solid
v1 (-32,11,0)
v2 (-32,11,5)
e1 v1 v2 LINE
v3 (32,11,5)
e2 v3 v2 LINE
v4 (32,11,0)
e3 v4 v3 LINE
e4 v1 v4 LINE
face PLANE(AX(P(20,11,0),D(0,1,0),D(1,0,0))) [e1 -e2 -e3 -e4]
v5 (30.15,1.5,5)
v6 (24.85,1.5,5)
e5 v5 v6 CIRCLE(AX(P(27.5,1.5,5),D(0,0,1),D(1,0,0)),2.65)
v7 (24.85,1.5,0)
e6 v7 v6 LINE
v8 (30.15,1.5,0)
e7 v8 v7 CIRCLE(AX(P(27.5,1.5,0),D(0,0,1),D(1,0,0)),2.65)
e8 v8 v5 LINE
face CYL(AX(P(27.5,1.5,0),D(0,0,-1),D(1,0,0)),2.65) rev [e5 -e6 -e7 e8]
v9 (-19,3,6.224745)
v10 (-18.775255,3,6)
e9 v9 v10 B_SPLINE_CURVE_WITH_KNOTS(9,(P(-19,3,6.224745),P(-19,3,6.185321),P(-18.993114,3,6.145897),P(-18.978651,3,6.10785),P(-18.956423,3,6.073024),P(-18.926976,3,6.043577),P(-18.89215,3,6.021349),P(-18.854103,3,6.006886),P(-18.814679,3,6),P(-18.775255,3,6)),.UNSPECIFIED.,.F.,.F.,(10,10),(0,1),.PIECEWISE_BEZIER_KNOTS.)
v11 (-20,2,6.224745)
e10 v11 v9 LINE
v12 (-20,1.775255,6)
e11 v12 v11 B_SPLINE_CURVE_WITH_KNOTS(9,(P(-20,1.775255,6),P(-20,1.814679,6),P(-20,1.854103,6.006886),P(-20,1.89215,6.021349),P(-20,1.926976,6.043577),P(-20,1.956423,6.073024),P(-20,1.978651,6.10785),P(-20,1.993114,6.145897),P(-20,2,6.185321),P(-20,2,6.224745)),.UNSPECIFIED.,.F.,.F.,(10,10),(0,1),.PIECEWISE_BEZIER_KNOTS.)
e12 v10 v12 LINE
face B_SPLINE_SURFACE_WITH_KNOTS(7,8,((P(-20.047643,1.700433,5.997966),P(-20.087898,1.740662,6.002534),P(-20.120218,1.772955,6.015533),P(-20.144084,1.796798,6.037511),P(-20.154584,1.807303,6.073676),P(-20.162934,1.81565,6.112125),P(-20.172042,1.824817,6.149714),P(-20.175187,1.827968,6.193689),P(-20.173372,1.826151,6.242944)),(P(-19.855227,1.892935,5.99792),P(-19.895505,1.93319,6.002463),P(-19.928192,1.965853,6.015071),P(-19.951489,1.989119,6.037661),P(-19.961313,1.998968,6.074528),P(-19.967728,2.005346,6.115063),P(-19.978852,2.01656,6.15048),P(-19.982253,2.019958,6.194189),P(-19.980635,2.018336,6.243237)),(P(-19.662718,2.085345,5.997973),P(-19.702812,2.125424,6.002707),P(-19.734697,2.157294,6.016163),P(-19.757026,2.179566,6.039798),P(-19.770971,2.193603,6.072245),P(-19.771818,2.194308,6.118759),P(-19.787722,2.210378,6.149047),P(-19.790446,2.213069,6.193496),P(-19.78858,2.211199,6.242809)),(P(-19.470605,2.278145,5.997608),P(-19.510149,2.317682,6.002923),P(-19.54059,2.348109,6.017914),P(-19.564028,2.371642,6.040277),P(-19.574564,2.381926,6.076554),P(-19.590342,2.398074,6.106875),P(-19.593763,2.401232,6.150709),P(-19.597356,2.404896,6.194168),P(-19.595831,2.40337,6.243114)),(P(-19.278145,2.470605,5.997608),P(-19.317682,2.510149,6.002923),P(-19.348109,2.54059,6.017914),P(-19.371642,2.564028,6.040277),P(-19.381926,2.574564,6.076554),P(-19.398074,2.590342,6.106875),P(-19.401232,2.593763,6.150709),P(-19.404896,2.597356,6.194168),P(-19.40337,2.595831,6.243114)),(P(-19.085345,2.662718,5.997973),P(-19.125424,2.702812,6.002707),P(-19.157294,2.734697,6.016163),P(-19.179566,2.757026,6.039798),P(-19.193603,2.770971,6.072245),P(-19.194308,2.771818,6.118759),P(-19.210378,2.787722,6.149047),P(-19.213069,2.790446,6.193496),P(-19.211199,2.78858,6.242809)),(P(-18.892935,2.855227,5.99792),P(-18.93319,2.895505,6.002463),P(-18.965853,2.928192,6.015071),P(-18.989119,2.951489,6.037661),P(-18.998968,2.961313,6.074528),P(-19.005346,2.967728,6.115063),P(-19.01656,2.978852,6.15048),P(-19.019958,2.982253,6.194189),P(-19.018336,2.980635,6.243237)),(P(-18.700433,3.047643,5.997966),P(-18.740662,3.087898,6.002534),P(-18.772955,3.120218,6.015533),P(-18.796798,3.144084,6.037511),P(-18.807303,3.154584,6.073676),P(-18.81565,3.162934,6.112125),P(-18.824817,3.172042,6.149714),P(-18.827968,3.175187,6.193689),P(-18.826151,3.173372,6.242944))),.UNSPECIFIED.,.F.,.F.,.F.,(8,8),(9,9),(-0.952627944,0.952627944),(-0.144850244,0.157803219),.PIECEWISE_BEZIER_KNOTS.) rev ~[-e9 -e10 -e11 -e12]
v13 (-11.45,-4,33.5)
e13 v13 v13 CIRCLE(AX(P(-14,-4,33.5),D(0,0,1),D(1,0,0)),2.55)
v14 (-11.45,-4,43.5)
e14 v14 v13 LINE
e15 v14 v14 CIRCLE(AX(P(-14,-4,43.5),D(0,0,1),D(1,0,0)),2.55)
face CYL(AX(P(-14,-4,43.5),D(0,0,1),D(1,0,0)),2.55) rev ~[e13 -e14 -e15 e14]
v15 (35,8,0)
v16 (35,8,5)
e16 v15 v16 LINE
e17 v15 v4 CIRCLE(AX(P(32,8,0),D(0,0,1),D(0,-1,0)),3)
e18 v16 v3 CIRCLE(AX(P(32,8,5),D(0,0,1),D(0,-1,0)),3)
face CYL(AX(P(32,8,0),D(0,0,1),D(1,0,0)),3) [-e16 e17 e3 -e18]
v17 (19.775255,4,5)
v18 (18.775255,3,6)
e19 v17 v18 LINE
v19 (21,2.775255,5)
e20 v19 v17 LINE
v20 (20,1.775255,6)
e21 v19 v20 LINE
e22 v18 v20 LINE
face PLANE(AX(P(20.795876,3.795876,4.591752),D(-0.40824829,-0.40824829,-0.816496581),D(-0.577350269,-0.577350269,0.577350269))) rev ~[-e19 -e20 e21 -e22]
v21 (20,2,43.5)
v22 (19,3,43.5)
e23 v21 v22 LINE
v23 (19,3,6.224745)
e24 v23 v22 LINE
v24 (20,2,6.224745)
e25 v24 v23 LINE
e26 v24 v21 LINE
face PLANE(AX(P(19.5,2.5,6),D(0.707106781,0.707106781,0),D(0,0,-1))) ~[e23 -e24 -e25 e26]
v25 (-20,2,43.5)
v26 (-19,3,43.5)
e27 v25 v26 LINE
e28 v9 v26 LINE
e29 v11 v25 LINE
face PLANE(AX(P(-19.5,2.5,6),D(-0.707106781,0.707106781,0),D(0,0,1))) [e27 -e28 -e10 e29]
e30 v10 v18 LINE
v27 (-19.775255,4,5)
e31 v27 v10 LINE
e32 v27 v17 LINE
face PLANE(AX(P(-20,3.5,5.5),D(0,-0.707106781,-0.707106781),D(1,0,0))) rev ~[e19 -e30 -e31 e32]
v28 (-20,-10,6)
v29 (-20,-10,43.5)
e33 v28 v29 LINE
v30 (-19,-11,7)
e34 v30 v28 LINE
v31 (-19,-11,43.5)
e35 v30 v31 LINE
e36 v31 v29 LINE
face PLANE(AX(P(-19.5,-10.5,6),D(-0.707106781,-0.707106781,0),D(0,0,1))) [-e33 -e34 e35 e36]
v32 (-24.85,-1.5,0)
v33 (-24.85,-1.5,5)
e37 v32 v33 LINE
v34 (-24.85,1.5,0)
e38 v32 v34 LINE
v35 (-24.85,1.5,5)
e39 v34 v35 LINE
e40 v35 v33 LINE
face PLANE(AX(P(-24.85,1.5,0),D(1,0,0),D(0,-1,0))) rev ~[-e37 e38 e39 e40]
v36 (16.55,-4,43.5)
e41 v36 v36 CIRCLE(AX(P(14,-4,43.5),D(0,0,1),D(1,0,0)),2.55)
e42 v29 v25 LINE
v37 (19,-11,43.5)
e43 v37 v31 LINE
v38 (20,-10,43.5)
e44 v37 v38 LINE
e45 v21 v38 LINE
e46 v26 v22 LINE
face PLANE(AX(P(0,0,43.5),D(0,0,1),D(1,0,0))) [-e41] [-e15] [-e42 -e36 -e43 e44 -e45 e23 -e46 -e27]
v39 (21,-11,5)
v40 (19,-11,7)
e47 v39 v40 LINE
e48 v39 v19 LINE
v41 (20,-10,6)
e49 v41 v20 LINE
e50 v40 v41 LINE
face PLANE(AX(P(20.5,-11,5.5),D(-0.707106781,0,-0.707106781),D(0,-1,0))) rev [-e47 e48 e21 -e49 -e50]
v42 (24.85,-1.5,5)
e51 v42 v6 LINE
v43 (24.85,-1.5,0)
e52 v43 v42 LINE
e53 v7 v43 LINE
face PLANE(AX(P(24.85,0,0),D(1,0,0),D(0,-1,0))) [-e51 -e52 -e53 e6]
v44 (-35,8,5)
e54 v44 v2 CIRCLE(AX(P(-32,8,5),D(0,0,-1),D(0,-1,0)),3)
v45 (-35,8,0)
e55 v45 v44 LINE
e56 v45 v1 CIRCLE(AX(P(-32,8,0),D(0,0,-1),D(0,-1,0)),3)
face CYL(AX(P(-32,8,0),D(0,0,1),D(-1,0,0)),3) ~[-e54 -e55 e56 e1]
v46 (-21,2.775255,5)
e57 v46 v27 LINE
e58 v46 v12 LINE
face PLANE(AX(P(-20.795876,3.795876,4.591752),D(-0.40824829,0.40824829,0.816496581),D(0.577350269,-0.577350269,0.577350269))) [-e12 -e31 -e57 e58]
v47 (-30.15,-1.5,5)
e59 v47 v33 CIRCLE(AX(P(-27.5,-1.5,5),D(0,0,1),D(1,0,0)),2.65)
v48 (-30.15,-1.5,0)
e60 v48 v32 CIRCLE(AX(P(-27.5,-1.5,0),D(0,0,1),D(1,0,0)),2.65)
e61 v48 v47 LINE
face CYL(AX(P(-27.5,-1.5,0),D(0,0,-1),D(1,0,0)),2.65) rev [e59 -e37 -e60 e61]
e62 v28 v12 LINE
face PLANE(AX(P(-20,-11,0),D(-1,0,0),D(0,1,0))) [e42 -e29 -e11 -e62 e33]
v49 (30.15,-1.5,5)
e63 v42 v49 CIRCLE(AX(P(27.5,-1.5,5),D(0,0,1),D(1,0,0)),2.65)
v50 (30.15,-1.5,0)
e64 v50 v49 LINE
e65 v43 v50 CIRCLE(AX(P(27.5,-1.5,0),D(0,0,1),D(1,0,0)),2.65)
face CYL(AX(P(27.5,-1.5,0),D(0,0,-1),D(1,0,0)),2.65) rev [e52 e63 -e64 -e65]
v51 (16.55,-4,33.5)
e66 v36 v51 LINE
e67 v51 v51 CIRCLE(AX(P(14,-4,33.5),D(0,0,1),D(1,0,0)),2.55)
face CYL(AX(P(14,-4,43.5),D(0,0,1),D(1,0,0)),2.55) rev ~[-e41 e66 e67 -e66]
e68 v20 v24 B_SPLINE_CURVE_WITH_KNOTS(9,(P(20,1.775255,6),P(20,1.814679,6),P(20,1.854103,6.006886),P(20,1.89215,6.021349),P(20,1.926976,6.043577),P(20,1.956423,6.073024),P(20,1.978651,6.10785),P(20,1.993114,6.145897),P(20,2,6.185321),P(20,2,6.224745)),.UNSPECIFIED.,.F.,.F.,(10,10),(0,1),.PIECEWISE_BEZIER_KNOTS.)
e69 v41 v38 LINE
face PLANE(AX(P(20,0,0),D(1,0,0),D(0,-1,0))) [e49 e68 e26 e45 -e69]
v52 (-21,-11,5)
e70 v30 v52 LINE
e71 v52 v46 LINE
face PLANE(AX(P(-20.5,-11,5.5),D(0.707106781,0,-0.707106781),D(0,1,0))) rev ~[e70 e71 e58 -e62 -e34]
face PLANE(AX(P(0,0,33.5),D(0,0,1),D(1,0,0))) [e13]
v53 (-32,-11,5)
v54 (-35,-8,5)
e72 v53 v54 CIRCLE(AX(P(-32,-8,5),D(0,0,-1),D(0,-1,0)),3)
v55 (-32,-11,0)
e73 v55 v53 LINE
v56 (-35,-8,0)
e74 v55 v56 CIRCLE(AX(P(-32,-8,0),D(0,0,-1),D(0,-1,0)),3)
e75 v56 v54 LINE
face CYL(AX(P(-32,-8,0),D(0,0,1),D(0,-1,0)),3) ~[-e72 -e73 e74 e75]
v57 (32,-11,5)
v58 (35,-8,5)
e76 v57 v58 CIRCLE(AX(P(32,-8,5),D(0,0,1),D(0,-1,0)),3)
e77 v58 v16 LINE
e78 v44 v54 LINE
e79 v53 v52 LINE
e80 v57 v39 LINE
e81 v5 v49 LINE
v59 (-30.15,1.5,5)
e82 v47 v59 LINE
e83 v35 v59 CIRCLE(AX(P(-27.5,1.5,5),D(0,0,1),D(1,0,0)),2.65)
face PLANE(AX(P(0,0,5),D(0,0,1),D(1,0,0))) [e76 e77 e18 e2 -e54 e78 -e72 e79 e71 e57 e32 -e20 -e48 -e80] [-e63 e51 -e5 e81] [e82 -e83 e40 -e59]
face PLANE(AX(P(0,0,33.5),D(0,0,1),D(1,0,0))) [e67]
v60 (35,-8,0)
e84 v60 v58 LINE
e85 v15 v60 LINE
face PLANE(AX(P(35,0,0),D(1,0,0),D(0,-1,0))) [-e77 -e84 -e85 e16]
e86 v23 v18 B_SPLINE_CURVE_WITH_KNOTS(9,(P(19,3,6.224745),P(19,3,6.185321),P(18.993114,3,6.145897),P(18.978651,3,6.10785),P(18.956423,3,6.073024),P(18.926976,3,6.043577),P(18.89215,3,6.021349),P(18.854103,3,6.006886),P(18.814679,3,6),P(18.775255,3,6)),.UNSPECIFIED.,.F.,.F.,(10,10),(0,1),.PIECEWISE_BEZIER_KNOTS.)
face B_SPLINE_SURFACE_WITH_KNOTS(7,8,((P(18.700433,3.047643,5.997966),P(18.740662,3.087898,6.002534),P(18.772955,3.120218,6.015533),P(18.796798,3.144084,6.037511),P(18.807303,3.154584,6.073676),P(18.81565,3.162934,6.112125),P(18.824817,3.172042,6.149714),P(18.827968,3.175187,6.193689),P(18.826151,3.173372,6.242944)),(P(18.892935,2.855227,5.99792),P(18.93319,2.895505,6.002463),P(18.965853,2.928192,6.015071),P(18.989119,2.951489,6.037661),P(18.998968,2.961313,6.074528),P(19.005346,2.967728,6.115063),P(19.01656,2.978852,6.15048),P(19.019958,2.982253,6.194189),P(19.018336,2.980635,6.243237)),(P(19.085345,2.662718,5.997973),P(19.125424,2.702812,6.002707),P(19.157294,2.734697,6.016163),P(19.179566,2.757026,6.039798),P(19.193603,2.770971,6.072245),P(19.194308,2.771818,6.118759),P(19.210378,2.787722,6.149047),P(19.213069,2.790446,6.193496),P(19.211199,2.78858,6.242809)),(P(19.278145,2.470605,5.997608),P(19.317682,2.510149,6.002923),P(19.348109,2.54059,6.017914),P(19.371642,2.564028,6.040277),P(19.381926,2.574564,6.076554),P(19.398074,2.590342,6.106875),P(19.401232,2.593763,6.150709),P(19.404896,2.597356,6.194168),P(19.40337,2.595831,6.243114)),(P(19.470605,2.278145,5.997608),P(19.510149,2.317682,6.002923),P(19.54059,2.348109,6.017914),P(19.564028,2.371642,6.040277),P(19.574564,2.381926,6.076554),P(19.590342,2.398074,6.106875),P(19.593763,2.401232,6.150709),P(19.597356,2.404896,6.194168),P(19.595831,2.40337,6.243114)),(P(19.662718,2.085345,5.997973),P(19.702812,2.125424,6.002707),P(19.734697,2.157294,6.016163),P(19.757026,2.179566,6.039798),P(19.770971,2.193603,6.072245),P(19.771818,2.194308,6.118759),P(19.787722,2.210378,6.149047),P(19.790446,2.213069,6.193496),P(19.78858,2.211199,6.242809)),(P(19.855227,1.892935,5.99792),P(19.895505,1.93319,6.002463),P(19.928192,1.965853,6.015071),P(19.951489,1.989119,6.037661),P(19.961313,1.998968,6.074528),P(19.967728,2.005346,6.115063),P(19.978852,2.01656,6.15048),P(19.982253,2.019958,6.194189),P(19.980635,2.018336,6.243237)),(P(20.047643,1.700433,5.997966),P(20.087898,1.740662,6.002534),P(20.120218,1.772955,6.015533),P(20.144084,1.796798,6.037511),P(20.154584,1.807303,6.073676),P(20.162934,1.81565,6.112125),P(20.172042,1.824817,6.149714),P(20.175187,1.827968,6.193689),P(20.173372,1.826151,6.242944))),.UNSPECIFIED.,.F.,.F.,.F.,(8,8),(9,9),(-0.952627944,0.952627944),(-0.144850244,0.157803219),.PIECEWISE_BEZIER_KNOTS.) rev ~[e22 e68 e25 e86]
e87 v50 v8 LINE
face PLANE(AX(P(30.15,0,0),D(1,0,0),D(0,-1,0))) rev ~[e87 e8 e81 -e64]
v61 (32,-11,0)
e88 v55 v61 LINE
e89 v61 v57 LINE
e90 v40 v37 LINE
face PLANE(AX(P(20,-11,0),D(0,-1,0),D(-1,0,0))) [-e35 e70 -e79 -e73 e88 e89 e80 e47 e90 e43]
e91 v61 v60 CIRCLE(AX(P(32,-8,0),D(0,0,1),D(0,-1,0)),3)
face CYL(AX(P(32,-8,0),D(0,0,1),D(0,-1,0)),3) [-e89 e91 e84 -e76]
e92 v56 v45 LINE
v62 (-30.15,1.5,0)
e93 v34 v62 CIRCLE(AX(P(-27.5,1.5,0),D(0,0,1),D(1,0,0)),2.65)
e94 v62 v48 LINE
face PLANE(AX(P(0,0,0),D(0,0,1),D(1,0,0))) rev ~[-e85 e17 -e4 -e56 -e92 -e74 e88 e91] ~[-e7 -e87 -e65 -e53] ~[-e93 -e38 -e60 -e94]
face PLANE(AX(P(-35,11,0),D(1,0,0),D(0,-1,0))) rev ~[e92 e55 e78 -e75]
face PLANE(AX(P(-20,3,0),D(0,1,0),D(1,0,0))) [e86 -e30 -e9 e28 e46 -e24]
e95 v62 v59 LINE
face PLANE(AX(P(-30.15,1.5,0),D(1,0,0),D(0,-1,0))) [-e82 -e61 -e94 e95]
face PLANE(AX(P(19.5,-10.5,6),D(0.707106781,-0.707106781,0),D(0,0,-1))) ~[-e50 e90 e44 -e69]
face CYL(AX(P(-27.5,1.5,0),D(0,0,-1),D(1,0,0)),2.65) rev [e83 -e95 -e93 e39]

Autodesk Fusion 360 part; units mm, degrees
sketch "Sketch1" plane through (0, 0, 0) normal (0, 0, 1) x (1, 0, 0)
  line L0 (20, -11) -> (-20, -11)
  line L1 (-20, -11) -> (-20, 11)
  line L2 (-20, 11) -> (20, 11)
  line L3 (20, 11) -> (20, -11)
  line L4 (20, -11) -> (-20, 11) construction
  line L5 (-20, -11) -> (20, 11) construction
  line L6 (20, 11) -> (35, 11)
  line L7 (35, 11) -> (35, -11)
  line L8 (35, -11) -> (20, -11)
  line L9 (20, -11) -> (20, 11)
  line L10 (-20, 11) -> (-35, 11)
  line L11 (-35, 11) -> (-35, -11)
  line L12 (-35, -11) -> (-20, -11)
  line L13 (-20, -11) -> (-20, 11)
  line L14 (-35, 0) -> (35, 0)
  circle A0 centre (27.5, 0) radius 2.65
  circle A1 centre (27.5, 0) radius 5.5 construction
  line L15 (27.5, 11) -> (27.5, -11) construction
  line L16 (-27.5, 11) -> (-27.5, -11) construction
  circle A2 centre (-27.5, 0) radius 2.65
  line L17 (-20, 3) -> (20, 3)
  line L18 (-20, -4) -> (20, -4) construction
  circle A3 centre (14, -4) radius 2.55
  circle A4 centre (-14, -4) radius 2.55
  line L19 (-35, 1.5) -> (35, 1.5) construction
  line L20 (-35, -1.5) -> (35, -1.5) construction
  circle A5 centre (-27.5, 1.5) radius 2.65
  circle A6 centre (-27.5, -1.5) radius 2.65
  circle A7 centre (27.5, -1.5) radius 2.65
  circle A8 centre (27.5, 1.5) radius 2.65
  line L21 (24.85, 1.5) -> (24.85, -1.5)
  line L22 (30.15, 1.5) -> (30.15, -1.5)
  line L23 (-30.15, 1.5) -> (-30.15, -1.5)
  line L24 (-24.85, 1.5) -> (-24.85, -1.5)
  dimension "d1" = 22
  dimension "d2" = 40
  dimension "d3" = 15
  dimension "d4" = 15
  dimension "d5" = 5.3
  dimension "d6" = 11
  dimension "d7" = 5.3
  dimension "d21" = 14
  dimension "d22" = 7
  dimension "d23" = 5.1
  dimension "d24" = 5.1
  dimension "d25" = 6
  dimension "d26" = 6
  dimension "d32" = 1.5
  dimension "d33" = 1.5
  dimension "d34" = 5.3
  dimension "d35" = 5.3
  dimension "d36" = 5.3
  dimension "d37" = 5.3
  dimension "d40" = 28
  dimension "d41" = 55
  dimension "d42" = 13.5
extrude "Extrude2" add sketch "Sketch1" along normal blind 43.5 contours L0 L1 L3 L9 L13 L14 | L1 L3 L9 L13 L14 L17 | A3 | A4
extrude "Extrude1" add sketch "Sketch1" along normal blind 5 contours L3 L7 L8 L9 L14 A7 L21 L22 | L1 L11 L12 L13 L14 A6 L23 L24 | L3 L6 L7 L9 L14 A8 L21 L22 | L1 L10 L11 L13 L14 A5 L23 L24 | L1 L2 L3 L9 L13 L17
extrude "Extrude4" cut sketch "Sketch1" against normal blind 10 from surface at 43.5 contours A3 | A4
fillet "Fillet3" radius 3 4 edges at (-35, -11, 2.5) (-35, 11, 2.5) (35, 11, 2.5) (35, -11, 2.5)
chamfer "Chamfer2" distance 1 angle 45 3 edges at (20, -4, 5) (0, 3, 5) (-20, -4, 5)
chamfer "Chamfer3" distance 1 angle 45 6 edges at (20, -11, 24.75) (20, 3, 24.75) (-20, 3, 24.75) (-20, -11, 24.75) (-20.5, 3.5, 5.5) (20.5, 3.5, 5.5)
chamfer "Chamfer1" [suppressed]
equation "d4 = d3"
equation "d7 = d5"
equation "d22 = ( d21 ) / 2"
equation "d24 = d23"
equation "d26 = d25"
equation "d33 = d32"
equation "d34 = d5"
equation "d35 = d5"
equation "d36 = d5"
equation "d37 = d5"
